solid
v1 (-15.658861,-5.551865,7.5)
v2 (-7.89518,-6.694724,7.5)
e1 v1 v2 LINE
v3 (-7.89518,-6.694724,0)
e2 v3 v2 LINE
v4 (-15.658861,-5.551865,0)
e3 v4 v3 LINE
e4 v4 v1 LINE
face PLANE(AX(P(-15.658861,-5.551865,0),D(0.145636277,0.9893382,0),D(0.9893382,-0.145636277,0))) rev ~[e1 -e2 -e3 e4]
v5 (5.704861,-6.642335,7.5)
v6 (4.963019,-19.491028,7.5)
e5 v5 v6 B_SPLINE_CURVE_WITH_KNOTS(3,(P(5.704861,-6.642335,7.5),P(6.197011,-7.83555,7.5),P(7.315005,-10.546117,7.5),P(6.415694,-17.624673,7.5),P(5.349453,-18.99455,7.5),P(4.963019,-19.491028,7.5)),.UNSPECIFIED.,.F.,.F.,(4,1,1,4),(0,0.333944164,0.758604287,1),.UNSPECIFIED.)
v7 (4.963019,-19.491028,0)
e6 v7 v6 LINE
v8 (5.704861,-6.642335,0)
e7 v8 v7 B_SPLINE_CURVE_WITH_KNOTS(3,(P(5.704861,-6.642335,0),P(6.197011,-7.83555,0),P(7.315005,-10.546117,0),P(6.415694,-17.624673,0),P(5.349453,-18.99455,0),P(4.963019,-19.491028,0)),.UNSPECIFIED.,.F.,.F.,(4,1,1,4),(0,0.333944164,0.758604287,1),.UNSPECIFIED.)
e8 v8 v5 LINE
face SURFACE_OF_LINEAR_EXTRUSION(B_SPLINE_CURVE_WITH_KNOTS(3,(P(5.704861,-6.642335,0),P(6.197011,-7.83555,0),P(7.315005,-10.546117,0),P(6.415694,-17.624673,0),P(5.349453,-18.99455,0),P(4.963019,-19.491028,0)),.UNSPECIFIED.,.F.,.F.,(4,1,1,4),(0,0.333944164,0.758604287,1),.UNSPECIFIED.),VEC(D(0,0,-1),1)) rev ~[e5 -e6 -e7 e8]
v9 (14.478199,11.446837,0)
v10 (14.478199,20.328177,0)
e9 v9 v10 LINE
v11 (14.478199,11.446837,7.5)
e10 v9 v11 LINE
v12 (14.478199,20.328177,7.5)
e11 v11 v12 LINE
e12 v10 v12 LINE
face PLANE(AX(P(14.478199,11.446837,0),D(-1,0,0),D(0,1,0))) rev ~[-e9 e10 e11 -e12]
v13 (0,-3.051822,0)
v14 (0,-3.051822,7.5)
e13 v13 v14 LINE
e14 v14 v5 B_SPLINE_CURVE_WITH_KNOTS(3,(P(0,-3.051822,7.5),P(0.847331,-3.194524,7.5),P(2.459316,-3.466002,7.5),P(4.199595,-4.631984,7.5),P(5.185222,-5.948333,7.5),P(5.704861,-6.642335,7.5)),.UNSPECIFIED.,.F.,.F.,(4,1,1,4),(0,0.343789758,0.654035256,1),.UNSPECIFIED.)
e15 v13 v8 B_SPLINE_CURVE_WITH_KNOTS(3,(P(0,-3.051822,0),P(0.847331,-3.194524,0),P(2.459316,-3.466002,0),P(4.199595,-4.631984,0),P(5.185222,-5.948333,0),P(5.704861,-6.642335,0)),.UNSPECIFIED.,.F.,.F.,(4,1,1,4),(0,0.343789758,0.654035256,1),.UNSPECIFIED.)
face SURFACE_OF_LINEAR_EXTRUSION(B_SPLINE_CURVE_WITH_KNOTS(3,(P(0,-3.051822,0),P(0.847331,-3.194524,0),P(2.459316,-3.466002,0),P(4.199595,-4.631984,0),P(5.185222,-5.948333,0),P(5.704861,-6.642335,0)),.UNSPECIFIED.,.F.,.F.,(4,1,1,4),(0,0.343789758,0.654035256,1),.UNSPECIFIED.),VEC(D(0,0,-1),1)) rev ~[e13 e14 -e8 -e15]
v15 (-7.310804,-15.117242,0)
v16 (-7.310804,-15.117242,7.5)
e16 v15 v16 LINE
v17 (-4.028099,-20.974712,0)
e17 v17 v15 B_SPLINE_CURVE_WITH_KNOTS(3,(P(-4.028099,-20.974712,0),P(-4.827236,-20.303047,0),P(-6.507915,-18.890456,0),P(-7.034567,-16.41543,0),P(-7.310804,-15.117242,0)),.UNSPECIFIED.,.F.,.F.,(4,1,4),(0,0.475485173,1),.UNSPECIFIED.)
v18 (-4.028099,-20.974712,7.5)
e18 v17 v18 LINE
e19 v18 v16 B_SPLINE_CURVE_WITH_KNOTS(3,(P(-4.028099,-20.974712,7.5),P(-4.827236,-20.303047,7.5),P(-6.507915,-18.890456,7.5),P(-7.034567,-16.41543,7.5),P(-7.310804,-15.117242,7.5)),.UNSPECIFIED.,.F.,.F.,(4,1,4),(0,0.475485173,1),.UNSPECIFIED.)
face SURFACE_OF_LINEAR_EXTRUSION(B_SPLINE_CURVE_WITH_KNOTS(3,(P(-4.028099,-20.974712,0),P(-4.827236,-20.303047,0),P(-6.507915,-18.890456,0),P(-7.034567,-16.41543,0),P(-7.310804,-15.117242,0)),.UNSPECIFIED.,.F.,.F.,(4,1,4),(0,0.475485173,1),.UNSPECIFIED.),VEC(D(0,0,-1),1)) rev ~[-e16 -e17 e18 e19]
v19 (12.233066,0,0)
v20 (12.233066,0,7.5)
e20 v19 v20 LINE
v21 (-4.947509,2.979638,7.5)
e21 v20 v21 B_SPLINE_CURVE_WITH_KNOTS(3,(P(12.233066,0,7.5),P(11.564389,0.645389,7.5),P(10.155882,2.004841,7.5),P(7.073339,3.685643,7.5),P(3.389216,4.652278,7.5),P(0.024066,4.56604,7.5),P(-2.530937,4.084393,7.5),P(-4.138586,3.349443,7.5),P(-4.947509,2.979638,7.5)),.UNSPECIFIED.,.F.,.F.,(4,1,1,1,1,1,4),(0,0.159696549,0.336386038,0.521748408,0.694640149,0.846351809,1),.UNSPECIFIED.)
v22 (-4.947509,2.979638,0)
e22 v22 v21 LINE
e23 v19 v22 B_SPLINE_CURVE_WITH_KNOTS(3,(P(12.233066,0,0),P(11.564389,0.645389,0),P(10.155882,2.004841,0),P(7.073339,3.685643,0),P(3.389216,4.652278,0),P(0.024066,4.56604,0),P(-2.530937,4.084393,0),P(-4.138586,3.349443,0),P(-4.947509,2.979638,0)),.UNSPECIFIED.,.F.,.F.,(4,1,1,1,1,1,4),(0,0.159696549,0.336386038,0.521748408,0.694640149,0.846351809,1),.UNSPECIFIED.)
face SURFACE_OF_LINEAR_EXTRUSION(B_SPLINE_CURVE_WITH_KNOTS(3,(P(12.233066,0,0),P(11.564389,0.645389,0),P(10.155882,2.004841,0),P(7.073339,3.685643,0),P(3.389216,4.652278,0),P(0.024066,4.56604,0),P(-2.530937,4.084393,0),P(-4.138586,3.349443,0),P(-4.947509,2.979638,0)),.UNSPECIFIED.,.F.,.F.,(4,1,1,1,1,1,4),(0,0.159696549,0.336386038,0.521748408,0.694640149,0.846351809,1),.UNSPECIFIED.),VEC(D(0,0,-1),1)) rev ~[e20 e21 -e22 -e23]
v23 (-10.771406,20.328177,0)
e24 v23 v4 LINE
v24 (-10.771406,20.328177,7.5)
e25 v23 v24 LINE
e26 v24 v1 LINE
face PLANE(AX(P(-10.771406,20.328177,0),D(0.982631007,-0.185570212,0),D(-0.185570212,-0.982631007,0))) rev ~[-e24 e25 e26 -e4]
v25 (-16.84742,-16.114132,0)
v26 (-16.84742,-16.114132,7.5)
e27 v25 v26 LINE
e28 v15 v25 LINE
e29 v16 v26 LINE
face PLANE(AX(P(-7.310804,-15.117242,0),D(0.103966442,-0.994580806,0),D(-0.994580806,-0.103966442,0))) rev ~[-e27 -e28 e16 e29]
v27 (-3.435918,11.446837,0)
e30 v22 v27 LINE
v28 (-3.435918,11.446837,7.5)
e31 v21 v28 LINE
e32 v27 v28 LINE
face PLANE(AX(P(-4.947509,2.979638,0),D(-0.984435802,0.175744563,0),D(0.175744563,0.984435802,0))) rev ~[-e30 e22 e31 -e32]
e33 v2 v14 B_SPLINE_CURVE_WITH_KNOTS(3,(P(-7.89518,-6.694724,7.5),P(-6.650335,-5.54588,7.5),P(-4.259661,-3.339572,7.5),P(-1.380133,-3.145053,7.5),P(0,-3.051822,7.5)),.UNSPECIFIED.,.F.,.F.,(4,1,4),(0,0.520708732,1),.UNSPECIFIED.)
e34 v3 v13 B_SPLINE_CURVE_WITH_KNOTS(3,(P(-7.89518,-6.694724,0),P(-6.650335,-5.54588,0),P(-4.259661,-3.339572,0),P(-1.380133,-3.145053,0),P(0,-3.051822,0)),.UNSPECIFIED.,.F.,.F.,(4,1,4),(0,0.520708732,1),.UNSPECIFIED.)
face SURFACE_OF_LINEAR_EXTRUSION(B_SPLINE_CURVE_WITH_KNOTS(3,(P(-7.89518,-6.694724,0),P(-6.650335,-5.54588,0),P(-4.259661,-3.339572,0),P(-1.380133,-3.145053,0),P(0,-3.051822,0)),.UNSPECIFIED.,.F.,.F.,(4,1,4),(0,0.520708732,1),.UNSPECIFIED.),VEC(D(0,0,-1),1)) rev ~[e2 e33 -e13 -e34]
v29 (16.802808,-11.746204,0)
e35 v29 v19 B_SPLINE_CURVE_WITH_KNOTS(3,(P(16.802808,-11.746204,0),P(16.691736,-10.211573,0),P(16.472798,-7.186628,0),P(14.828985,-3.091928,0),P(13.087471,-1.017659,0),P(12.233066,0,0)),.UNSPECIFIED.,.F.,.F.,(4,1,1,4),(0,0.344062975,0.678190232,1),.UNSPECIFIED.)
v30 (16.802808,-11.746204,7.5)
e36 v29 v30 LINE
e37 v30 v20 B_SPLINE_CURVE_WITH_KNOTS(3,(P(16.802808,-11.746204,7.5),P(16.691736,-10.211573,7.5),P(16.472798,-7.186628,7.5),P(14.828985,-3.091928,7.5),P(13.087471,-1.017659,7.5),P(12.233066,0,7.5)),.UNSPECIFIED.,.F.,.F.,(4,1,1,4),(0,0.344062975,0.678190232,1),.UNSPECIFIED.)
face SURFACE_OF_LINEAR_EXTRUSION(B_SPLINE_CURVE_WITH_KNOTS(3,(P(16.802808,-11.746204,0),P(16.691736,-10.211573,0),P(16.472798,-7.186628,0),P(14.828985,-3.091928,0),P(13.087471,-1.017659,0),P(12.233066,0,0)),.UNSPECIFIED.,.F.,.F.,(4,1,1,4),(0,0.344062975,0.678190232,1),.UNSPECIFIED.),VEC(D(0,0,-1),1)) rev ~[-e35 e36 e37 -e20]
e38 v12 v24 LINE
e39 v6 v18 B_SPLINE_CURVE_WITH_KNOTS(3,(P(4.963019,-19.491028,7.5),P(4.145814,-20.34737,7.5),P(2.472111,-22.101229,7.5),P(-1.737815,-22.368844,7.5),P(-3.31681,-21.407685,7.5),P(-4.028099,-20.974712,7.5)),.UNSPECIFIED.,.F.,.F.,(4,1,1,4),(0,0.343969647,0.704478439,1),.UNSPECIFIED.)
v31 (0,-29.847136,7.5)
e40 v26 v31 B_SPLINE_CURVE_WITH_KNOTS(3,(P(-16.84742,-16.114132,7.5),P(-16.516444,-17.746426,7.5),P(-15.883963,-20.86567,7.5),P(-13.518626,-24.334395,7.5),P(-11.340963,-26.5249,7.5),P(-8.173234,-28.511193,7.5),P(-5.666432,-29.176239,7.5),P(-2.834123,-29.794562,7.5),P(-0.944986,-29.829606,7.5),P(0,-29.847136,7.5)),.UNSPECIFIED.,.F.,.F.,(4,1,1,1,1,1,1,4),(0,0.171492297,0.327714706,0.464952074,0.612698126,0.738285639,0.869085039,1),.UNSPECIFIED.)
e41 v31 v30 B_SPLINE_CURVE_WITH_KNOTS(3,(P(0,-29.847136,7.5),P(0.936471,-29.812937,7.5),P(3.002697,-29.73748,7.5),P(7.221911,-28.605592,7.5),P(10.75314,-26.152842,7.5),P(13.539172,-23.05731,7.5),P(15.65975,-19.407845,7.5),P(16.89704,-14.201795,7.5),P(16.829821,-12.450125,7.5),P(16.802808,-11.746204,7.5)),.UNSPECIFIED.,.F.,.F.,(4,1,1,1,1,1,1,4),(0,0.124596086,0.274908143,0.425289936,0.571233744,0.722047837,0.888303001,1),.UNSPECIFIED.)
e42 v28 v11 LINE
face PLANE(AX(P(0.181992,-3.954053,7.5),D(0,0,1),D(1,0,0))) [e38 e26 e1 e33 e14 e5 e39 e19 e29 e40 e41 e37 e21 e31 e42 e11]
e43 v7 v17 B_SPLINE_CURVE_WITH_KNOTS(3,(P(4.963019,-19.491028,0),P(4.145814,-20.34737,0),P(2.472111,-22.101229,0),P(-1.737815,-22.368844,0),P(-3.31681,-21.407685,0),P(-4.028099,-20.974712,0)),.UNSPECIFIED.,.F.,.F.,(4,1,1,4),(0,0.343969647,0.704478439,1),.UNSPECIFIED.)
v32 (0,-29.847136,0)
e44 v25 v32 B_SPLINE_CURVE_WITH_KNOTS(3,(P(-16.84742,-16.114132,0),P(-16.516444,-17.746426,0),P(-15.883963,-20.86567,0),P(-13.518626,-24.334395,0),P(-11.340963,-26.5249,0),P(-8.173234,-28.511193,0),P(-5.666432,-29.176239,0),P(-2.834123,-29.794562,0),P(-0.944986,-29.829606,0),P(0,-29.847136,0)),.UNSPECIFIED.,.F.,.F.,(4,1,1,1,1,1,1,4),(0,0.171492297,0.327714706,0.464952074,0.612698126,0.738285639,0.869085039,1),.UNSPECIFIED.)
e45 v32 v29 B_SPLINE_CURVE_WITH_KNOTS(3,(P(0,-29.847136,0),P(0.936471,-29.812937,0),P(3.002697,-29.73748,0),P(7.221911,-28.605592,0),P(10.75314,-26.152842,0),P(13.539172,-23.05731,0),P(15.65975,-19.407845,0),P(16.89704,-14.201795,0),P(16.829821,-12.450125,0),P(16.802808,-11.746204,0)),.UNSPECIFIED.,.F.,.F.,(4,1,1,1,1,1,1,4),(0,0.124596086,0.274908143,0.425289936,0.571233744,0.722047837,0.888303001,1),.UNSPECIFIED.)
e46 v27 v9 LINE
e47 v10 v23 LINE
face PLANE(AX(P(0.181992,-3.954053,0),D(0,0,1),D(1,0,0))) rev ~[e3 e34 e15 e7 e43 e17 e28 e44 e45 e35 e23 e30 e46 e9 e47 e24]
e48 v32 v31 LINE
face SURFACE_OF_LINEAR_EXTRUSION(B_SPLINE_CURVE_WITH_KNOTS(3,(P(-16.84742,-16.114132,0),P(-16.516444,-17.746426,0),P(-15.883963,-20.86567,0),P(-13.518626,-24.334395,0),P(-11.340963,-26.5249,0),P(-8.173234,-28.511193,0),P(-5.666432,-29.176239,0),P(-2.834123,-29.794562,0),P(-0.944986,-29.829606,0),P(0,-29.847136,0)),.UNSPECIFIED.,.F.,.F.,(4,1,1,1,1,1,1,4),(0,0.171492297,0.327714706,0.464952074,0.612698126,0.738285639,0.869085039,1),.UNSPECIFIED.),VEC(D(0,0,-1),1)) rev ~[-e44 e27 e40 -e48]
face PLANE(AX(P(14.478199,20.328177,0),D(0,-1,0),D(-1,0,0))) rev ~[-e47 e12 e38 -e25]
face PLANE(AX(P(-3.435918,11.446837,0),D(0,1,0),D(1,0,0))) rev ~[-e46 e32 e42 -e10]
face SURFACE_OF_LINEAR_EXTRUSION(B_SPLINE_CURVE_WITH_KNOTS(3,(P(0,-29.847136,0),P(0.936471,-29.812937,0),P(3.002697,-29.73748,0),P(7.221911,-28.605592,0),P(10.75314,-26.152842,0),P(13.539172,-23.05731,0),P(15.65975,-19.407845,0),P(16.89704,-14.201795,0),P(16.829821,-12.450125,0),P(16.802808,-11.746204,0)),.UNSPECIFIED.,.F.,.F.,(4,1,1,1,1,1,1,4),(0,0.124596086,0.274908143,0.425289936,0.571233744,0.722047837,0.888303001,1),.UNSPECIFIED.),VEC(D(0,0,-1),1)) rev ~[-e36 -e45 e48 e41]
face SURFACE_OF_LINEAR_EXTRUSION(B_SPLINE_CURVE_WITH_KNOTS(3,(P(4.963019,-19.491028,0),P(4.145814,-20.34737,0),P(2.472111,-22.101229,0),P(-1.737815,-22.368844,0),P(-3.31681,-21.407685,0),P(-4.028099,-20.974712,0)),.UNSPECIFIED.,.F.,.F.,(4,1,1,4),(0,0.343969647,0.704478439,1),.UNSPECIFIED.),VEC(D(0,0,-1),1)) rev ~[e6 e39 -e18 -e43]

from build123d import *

# Parameters (mm, degrees)
F1_DEPTH = 7.5


with BuildPart() as f1:
    # F0 (on Top) → F1 (new body)
    with BuildSketch(Plane.XY):
        with BuildLine():
            Line((14.4781991839, 20.3281771392), (-10.7714058831, 20.3281771392))
            Line((-10.7714058831, 20.3281771392), (-15.6588610262, -5.5518653244))
            Line((-15.6588610262, -5.5518653244), (-7.8951800242, -6.694723852))
            add(Edge.make_bspline(
                [(-7.8951800242, -6.694723852), (-6.6503351522, -5.5458798939), (-4.2596610675, -3.3395716704), (-1.3801327687, -3.1450532749), (0, -3.0518223066)],
                knots=[0, 0, 0, 0, 0.5207087323, 1, 1, 1, 1], degree=3))
            add(Edge.make_bspline(
                [(0, -3.0518223066), (0.8473306195, -3.1945235836), (2.4593160997, -3.4660024859), (4.1995950905, -4.631983502), (5.1852220546, -5.9483334582), (5.7048606686, -6.6423346289)],
                knots=[0, 0, 0, 0, 0.3437897581, 0.6540352557, 1, 1, 1, 1], degree=3))
            add(Edge.make_bspline(
                [(5.7048606686, -6.6423346289), (6.1970111276, -7.835549608), (7.315004759, -10.5461165151), (6.4156943794, -17.6246726315), (5.3494527147, -18.9945495293), (4.9630193971, -19.4910280406)],
                knots=[0, 0, 0, 0, 0.3339441636, 0.7586042873, 1, 1, 1, 1], degree=3))
            add(Edge.make_bspline(
                [(4.9630193971, -19.4910280406), (4.1458144286, -20.3473698307), (2.4721106995, -22.1012290248), (-1.7378151182, -22.368844051), (-3.3168099123, -21.4076850905), (-4.0280986577, -20.9747124463)],
                knots=[0, 0, 0, 0, 0.3439696466, 0.7044784386, 1, 1, 1, 1], degree=3))
            add(Edge.make_bspline(
                [(-4.0280986577, -20.9747124463), (-4.8272364221, -20.3030466228), (-6.507915041, -18.8904561548), (-7.034566838, -16.4154299447), (-7.310803514, -15.117242001)],
                knots=[0, 0, 0, 0, 0.4754851733, 1, 1, 1, 1], degree=3))
            Line((-7.310803514, -15.117242001), (-16.8474204838, -16.1141324788))
            add(Edge.make_bspline(
                [(-16.8474204838, -16.1141324788), (-16.5164443433, -17.7464255007), (-15.8839625918, -20.8656701319), (-13.5186259662, -24.3343952479), (-11.3409628891, -26.5248999549), (-8.1732343327, -28.5111930211), (-5.666432398, -29.1762389401), (-2.8341227464, -29.7945616518), (-0.944985635, -29.8296059042), (0, -29.8471357673)],
                knots=[0, 0, 0, 0, 0.1714922974, 0.327714706, 0.4649520738, 0.6126981258, 0.7382856393, 0.869085039, 1, 1, 1, 1], degree=3))
            add(Edge.make_bspline(
                [(0, -29.8471357673), (0.9364714371, -29.8129367466), (3.0026970371, -29.737480209), (7.2219107038, -28.6055920764), (10.7531400913, -26.1528423296), (13.5391721438, -23.0573102241), (15.6597502075, -19.4078449032), (16.8970399017, -14.2017954442), (16.8298207507, -12.4501245798), (16.8028082699, -11.7462035269)],
                knots=[0, 0, 0, 0, 0.1245960864, 0.2749081425, 0.425289936, 0.5712337439, 0.7220478366, 0.8883030006, 1, 1, 1, 1], degree=3))
            add(Edge.make_bspline(
                [(16.8028082699, -11.7462035269), (16.6917356704, -10.2115727769), (16.4727979832, -7.1866277539), (14.8289845902, -3.0919276156), (13.0874714648, -1.0176586773), (12.2330663726, 0)],
                knots=[0, 0, 0, 0, 0.3440629754, 0.6781902325, 1, 1, 1, 1], degree=3))
            add(Edge.make_bspline(
                [(12.2330663726, 0), (11.5643891106, 0.6453889337), (10.1558821908, 2.00484114), (7.0733391904, 3.6856426947), (3.389216415, 4.652277865), (0.0240656394, 4.566040085), (-2.5309367449, 4.0843928971), (-4.1385862423, 3.3494429932), (-4.9475086853, 2.9796375893)],
                knots=[0, 0, 0, 0, 0.1596965491, 0.3363860375, 0.5217484082, 0.6946401487, 0.8463518091, 1, 1, 1, 1], degree=3))
            Line((-4.9475086853, 2.9796375893), (-3.4359176643, 11.4468373358))
            Line((-3.4359176643, 11.4468373358), (14.4781991839, 11.4468373358))
            Line((14.4781991839, 11.4468373358), (14.4781991839, 20.3281771392))
        make_face()
    extrude(amount=F1_DEPTH)


solid = f1.part
